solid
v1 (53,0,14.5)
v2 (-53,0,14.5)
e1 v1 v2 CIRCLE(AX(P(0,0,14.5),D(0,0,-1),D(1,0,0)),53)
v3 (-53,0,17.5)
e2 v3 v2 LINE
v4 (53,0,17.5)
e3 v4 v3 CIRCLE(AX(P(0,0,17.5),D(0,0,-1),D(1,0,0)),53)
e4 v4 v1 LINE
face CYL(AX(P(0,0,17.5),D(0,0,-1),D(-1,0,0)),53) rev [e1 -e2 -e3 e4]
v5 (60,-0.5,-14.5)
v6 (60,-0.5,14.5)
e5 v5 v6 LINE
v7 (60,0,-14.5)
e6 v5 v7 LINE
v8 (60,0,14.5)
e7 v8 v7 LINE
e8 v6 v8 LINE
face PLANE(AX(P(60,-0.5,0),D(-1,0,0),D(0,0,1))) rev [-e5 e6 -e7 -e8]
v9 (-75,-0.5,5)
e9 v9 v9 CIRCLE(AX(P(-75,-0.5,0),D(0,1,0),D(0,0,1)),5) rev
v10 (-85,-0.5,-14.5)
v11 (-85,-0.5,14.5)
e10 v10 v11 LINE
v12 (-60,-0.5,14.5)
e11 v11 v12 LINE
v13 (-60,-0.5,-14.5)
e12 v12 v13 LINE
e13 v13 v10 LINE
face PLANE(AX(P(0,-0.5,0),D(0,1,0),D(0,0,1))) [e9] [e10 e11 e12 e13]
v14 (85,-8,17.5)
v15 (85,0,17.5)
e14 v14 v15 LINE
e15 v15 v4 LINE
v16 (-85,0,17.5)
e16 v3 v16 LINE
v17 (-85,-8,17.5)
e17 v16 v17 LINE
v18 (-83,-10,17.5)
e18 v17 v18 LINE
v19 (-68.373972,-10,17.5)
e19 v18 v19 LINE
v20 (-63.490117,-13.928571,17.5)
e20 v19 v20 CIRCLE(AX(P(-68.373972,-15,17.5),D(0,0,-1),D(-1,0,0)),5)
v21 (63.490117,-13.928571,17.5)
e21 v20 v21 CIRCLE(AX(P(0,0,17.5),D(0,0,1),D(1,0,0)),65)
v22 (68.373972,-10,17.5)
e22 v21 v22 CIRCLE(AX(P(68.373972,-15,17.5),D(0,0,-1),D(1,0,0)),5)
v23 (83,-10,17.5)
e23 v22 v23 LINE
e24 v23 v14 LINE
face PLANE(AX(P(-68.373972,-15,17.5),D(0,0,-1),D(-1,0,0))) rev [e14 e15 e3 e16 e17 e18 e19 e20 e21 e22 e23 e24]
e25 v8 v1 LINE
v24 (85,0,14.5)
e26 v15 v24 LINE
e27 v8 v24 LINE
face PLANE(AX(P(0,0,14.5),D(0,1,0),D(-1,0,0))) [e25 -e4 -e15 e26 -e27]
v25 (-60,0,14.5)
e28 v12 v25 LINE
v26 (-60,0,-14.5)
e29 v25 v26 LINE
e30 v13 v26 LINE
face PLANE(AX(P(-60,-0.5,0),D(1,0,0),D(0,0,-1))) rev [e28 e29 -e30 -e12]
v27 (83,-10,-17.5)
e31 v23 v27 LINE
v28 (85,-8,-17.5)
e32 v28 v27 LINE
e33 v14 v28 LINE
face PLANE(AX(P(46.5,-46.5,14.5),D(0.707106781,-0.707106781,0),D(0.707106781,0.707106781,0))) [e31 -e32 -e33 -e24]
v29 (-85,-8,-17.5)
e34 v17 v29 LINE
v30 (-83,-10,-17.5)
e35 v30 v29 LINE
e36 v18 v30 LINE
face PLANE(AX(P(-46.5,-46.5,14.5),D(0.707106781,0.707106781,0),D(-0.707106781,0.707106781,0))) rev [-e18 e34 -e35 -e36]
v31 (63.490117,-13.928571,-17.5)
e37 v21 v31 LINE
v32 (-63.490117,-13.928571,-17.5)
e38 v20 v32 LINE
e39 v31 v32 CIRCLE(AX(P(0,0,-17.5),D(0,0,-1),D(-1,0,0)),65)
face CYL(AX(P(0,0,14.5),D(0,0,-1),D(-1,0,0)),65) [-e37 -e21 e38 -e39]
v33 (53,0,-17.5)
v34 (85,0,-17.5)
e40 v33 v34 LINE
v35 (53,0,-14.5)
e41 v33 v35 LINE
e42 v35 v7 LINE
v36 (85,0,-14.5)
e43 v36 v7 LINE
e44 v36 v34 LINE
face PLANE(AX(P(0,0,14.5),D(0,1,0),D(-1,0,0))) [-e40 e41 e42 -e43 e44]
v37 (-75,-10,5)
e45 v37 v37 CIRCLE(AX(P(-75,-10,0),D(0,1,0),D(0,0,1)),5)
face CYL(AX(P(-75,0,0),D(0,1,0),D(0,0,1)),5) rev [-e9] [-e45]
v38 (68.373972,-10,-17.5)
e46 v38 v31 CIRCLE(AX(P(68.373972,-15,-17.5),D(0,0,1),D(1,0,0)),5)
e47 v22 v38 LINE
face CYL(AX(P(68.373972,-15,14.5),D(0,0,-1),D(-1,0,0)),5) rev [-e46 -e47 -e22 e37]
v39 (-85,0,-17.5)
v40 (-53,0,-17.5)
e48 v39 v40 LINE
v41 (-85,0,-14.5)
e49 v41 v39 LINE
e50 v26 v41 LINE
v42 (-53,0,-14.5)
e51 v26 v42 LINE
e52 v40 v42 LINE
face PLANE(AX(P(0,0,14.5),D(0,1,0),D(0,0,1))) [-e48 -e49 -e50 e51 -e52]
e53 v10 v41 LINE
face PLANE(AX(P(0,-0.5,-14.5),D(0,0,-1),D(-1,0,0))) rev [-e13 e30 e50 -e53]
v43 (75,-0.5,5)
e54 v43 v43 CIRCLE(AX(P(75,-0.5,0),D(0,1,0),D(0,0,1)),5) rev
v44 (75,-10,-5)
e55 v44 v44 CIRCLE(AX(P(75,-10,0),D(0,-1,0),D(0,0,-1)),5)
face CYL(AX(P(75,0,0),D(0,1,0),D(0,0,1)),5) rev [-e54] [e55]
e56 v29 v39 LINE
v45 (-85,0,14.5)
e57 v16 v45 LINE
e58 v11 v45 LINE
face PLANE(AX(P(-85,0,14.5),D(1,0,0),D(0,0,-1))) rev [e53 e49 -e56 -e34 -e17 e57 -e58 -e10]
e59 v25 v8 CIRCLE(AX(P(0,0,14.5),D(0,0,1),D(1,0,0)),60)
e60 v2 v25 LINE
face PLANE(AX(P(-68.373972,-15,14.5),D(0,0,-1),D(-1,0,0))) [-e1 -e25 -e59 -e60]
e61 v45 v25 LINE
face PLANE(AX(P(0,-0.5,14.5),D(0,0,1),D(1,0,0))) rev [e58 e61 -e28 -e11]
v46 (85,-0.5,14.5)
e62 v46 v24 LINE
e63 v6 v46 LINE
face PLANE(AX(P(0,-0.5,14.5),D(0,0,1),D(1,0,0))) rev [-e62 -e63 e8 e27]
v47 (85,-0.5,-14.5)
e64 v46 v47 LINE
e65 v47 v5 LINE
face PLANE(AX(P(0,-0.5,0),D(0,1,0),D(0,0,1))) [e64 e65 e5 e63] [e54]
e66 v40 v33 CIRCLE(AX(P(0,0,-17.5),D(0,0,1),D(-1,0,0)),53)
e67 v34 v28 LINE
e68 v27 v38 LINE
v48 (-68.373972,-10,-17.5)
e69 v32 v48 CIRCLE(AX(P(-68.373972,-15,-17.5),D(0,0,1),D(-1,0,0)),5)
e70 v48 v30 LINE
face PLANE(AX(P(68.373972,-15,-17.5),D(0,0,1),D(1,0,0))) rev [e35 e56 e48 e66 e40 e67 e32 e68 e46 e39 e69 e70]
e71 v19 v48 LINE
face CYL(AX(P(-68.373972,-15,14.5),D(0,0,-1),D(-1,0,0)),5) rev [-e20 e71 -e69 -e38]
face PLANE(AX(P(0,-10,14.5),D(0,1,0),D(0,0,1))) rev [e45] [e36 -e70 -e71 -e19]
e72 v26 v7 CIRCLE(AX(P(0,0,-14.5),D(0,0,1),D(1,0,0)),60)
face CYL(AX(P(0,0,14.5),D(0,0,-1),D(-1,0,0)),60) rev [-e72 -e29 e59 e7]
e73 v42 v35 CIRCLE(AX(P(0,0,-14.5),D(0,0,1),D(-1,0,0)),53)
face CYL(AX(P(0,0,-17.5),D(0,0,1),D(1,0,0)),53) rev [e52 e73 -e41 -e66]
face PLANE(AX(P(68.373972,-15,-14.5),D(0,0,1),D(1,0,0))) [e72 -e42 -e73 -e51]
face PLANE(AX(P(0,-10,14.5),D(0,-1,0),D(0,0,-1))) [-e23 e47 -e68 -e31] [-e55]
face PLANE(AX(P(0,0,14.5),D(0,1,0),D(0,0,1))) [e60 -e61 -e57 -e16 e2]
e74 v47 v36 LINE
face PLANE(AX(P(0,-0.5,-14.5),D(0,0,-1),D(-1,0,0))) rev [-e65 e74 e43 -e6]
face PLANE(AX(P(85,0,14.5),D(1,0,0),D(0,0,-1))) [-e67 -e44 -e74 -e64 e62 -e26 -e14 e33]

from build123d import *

# Parameters (mm, degrees)
DODANIE_WYCI_GNI_CIE1_DEPTH = 14.5
DODANIE_WYCI_GNI_CIE2_START = 3
DODANIE_WYCI_GNI_CIE2_DEPTH = 3
DODANIE_WYCI_GNI_CIE3_DEPTH = 3
OTW_R_10_0_10_1_D           = 10
WYTNIJ_WYCI_GNI_CIE1_START  = -0.5
SZKIC7_W                    = 25
SZKIC7_H                    = 29
SZKIC7_R                    = 5
WYTNIJ_WYCI_GNI_CIE1_DEPTH  = 0.5


with BuildPart() as part:
    # Szkic1 → Dodanie-wyciągnięcie1 (new, symmetric)
    with BuildSketch(Plane.XY):
        with BuildLine():
            Line((-83, -10), (-68.373971656, -10))
            ThreePointArc((-68.373971656, -10), (-65.240055803, -11.104031388), (-63.490116538, -13.928571429))
            ThreePointArc((-63.490116538, -13.928571429), (0, -65), (63.490116538, -13.928571429))
            ThreePointArc((63.490116538, -13.928571429), (65.240055803, -11.104031388), (68.373971656, -10))
            Line((68.373971656, -10), (83, -10))
            Line((83, -10), (85, -8))
            Line((85, -8), (85, 0))
            Line((85, 0), (65, 0))
            Line((65, 0), (60, 0))
            ThreePointArc((60, 0), (0, -60), (-60, 0))
            Line((-60, 0), (-65, 0))
            Line((-65, 0), (-85, 0))
            Line((-85, 0), (-85, -8))
            Line((-85, -8), (-83, -10))
        make_face()
    extrude(amount=DODANIE_WYCI_GNI_CIE1_DEPTH, both=True)

    # Szkic2 → Dodanie-wyciągnięcie2 (add)
    with BuildSketch(Plane.XY.offset(14.5).offset(DODANIE_WYCI_GNI_CIE2_START)):
        with BuildLine():
            Line((-65, 0), (-60, 0))
            Line((-60, 0), (-53, 0))
            ThreePointArc((-53, 0), (0, -53), (53, 0))
            Line((53, 0), (60, 0))
            Line((60, 0), (65, 0))
            Line((65, 0), (85, 0))
            Line((85, 0), (85, -8))
            Line((85, -8), (83, -10))
            Line((83, -10), (68.373971656, -10))
            ThreePointArc((68.373971656, -10), (65.240055803, -11.104031388), (63.490116538, -13.928571429))
            ThreePointArc((63.490116538, -13.928571429), (0, -65), (-63.490116538, -13.928571429))
            ThreePointArc((-63.490116538, -13.928571429), (-65.240055803, -11.104031388), (-68.373971656, -10))
            Line((-68.373971656, -10), (-83, -10))
            Line((-83, -10), (-85, -8))
            Line((-85, -8), (-85, 0))
            Line((-85, 0), (-65, 0))
        make_face()
    extrude(amount=-DODANIE_WYCI_GNI_CIE2_DEPTH)

    # Szkic3 → Dodanie-wyciągnięcie3 (add)
    with BuildSketch(Plane(origin=(0, 0, -14.5), x_dir=(-1, 0, 0), z_dir=(0, 0, -1))):
        with BuildLine():
            Line((-65, 0), (-60, 0))
            Line((-60, 0), (-53, 0))
            ThreePointArc((-53, 0), (0, -53), (53, 0))
            Line((53, 0), (60, 0))
            Line((60, 0), (65, 0))
            Line((65, 0), (85, 0))
            Line((85, 0), (85, -8))
            Line((85, -8), (83, -10))
            Line((83, -10), (68.373971656, -10))
            ThreePointArc((68.373971656, -10), (65.240055803, -11.104031388), (63.490116538, -13.928571429))
            ThreePointArc((63.490116538, -13.928571429), (0, -65), (-63.490116538, -13.928571429))
            ThreePointArc((-63.490116538, -13.928571429), (-65.240055803, -11.104031388), (-68.373971656, -10))
            Line((-68.373971656, -10), (-83, -10))
            Line((-83, -10), (-85, -8))
            Line((-85, -8), (-85, 0))
            Line((-85, 0), (-65, 0))
        make_face()
    extrude(amount=DODANIE_WYCI_GNI_CIE3_DEPTH)

    # Otwór Ø10.0 (10)1 (through all)
    with Locations(Plane(origin=(0, 0, 0), x_dir=(1, 0, 0), z_dir=(0, 1, 0))):
        with Locations((75, 0), (-75, 0)):
            Hole(OTW_R_10_0_10_1_D / 2)

    # Szkic7 → Wytnij-wyciągnięcie1 (cut)
    # profile 1 of 2: a face of its own
    with BuildSketch(Plane(origin=(0, 0, 0), x_dir=(1, 0, 0), z_dir=(0, 1, 0)).offset(WYTNIJ_WYCI_GNI_CIE1_START)):
        with Locations((-72.5, 0)):
            Rectangle(SZKIC7_W, SZKIC7_H)
        with Locations(Location((-75, 0, 0), (0, 0, 270))):
            Circle(SZKIC7_R, mode=Mode.SUBTRACT)
    # profile 2 of 2: a face of its own
    with BuildSketch(Plane(origin=(0, 0, 0), x_dir=(1, 0, 0), z_dir=(0, 1, 0)).offset(WYTNIJ_WYCI_GNI_CIE1_START)):
        with Locations((72.5, 0)):
            Rectangle(SZKIC7_W, SZKIC7_H)
    extrude(amount=WYTNIJ_WYCI_GNI_CIE1_DEPTH, mode=Mode.SUBTRACT)


solid = part.part
